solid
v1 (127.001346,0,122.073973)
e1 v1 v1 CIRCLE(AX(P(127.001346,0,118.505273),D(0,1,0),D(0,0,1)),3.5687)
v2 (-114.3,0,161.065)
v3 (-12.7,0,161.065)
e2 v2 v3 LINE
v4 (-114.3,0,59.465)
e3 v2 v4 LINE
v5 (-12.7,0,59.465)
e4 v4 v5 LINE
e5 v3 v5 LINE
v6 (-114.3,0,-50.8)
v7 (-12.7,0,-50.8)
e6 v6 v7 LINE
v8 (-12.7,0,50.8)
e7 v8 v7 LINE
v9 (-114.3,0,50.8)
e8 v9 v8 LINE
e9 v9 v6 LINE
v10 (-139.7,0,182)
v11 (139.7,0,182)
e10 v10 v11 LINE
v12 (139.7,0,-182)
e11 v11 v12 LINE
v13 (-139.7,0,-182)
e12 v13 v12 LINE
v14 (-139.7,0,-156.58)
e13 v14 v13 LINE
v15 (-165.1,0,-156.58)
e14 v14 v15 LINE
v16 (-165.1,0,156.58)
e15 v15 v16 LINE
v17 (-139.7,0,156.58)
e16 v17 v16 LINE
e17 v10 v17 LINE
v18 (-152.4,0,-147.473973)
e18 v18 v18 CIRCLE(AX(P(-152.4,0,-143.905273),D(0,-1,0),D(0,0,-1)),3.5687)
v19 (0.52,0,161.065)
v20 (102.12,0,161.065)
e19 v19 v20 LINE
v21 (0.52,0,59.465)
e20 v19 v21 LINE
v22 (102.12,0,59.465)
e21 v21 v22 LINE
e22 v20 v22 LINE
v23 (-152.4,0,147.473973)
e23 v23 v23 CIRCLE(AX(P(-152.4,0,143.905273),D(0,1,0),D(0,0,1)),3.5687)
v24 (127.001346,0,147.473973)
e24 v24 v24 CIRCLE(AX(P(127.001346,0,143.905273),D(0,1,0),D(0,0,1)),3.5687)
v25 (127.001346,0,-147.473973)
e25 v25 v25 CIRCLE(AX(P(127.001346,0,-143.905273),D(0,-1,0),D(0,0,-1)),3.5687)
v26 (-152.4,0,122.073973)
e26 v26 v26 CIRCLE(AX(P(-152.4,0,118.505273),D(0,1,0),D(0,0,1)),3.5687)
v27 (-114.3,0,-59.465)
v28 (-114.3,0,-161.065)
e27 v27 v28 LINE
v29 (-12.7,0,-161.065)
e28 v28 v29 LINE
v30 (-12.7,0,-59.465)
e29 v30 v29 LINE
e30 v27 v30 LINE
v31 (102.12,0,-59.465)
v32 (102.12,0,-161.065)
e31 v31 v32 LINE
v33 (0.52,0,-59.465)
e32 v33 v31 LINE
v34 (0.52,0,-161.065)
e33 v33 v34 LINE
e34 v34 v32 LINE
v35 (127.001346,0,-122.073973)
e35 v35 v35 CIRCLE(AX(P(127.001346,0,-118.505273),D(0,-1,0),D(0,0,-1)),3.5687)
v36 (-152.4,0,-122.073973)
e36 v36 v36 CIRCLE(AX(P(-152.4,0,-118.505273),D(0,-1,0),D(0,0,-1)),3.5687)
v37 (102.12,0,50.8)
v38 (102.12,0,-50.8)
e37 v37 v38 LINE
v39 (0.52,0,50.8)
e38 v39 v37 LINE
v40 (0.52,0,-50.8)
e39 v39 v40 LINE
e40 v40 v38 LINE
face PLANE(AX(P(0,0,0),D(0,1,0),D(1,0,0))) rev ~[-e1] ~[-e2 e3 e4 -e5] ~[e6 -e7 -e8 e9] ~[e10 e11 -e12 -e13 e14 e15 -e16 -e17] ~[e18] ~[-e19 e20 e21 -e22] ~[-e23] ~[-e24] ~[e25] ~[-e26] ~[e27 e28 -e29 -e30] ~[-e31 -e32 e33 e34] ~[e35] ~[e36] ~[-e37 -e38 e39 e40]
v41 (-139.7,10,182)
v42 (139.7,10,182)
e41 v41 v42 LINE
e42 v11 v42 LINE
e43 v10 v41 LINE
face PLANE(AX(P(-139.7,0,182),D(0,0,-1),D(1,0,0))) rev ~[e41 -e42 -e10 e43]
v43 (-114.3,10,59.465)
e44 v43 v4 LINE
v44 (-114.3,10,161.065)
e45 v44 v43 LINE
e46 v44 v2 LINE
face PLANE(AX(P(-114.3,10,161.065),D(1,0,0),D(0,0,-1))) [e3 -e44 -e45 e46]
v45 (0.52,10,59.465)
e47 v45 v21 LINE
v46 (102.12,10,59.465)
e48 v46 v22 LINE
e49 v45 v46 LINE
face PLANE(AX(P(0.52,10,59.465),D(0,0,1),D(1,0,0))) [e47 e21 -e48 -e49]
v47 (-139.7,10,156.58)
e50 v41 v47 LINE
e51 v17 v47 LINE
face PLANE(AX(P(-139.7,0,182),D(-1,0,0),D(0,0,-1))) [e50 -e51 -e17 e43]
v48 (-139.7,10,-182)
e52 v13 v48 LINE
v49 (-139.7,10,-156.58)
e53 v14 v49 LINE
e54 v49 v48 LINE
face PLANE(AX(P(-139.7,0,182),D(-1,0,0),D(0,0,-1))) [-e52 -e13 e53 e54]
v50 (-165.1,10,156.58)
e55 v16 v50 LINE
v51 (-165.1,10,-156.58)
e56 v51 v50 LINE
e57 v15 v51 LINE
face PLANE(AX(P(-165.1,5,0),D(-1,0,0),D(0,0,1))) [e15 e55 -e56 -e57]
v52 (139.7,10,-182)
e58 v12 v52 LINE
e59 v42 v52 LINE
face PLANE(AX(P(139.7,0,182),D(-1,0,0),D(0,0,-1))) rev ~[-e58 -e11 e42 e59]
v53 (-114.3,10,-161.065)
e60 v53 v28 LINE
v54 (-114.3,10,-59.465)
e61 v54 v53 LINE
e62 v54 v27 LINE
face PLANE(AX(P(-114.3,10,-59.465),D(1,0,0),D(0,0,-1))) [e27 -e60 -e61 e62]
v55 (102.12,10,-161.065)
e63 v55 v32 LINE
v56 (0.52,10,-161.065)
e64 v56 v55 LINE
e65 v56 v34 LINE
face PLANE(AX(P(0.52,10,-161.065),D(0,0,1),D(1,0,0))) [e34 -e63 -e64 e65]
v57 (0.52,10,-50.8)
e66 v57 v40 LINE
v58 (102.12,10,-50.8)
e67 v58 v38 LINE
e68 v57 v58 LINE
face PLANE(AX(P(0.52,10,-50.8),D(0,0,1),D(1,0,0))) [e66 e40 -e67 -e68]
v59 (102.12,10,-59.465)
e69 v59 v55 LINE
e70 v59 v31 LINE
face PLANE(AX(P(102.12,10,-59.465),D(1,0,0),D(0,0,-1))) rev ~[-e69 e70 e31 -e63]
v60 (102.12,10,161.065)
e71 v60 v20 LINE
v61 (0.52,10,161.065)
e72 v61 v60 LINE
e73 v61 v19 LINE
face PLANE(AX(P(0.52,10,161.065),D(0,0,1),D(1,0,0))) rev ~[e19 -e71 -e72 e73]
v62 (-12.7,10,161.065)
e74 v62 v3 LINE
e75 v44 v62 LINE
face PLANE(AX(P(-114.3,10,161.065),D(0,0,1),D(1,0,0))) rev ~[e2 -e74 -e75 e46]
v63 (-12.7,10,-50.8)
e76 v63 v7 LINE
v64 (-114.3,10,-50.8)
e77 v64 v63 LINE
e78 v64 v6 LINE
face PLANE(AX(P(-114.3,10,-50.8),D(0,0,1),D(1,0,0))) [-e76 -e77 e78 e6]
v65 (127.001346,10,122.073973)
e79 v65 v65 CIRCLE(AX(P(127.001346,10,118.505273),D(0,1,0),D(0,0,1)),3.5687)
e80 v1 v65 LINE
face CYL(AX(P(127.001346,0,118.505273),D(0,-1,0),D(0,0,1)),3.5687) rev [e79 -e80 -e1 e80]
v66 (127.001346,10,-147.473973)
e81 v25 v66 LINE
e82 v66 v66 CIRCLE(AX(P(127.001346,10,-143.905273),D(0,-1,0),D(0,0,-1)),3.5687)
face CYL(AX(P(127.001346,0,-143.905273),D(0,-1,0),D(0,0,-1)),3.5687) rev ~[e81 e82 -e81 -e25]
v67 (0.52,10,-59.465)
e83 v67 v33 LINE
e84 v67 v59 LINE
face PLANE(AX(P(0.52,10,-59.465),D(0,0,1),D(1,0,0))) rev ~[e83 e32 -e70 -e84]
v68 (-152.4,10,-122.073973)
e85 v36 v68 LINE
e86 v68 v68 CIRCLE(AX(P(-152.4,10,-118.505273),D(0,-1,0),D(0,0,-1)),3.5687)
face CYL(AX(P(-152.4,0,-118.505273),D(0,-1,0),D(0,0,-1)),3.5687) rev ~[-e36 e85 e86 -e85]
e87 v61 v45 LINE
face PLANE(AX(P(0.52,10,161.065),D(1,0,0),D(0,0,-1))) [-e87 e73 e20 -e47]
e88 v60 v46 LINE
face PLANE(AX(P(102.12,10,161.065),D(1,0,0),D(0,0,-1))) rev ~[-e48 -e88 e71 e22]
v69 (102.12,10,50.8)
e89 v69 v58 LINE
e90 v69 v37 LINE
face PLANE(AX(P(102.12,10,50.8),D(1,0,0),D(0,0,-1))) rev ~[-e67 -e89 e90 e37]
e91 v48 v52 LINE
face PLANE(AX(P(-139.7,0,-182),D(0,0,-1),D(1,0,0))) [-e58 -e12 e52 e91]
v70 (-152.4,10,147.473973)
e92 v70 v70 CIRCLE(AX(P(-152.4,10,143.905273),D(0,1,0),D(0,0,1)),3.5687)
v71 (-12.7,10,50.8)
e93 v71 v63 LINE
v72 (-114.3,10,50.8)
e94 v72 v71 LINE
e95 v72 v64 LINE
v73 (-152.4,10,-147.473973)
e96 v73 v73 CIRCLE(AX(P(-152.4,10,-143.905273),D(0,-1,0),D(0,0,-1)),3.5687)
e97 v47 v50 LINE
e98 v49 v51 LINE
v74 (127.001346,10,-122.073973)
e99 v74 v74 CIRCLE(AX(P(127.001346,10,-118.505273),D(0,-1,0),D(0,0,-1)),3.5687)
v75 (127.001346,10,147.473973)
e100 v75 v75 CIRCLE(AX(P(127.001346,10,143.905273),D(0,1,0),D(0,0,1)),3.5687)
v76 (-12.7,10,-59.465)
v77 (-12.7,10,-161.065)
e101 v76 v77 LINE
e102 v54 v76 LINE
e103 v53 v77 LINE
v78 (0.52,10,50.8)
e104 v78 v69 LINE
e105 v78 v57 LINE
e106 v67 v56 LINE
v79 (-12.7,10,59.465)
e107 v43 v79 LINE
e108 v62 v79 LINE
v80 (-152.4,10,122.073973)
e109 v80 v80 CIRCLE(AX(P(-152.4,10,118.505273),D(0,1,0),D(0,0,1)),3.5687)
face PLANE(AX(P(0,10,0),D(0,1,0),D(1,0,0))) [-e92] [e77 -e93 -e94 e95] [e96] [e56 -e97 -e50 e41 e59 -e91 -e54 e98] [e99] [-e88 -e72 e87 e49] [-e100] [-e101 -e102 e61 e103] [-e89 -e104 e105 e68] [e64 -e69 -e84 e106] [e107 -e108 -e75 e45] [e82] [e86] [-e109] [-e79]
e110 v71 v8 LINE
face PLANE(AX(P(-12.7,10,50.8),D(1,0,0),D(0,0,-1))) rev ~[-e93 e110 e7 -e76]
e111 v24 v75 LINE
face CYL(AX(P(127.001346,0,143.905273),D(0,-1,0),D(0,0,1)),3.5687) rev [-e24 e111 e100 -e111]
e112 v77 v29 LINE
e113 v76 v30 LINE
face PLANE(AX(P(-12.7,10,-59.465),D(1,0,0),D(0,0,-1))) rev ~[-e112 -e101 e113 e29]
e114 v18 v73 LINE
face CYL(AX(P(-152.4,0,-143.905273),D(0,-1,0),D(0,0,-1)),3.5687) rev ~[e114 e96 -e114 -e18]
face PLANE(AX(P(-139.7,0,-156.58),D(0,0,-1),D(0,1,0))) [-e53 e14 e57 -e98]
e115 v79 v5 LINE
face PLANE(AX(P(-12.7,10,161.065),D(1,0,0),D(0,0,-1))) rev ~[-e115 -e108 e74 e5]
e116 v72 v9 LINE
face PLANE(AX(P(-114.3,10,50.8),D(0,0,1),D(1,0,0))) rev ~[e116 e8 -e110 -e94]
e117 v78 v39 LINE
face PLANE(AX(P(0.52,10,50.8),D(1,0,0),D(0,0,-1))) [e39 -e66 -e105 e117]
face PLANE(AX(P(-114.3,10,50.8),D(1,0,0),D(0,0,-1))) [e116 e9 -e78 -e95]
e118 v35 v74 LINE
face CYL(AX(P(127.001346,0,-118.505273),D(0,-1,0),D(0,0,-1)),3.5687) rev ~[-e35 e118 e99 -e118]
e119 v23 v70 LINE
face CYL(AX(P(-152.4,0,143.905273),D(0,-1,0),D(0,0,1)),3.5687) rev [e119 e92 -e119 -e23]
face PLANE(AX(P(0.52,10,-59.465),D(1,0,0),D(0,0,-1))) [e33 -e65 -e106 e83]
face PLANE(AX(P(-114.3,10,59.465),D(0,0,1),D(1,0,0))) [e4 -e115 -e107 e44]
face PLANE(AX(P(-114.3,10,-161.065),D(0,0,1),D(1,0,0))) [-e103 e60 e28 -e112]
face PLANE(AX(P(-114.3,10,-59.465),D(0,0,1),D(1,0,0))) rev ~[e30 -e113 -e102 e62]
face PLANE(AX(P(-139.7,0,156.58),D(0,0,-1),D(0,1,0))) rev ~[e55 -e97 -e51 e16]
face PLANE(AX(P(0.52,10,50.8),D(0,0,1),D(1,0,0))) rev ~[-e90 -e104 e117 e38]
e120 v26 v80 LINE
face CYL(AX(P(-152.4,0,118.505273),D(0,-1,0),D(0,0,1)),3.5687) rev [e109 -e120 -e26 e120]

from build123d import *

# Parameters (mm, degrees)
SKETCH1_W                 = 279.4
SKETCH1_H                 = 364
BOSS_EXTRUDE1_DEPTH       = 10
SKETCH2_W                 = 101.6
SKETCH2_H                 = 101.6
CUT_EXTRUDE1_DEPTH        = 230.652106457
LPATTERN1_COUNT           = 2
LPATTERN1_PITCH           = 110.265
LPATTERN2_COUNT           = 2
LPATTERN2_PITCH           = 110.265
LPATTERN3_COUNT           = 2
LPATTERN3_PITCH           = 114.82
LPATTERN3_COPY_1_SKETCH_W = 101.6
LPATTERN3_COPY_1_SKETCH_H = 101.6
LPATTERN3_COPY_1_DEPTH    = 230.652106457
LPATTERN3_COPY_2_SKETCH_W = 101.6
LPATTERN3_COPY_2_SKETCH_H = 101.6
LPATTERN3_COPY_2_DEPTH    = 230.652106457
SKETCH3_W                 = 313.16
SKETCH3_H                 = 10
BOSS_EXTRUDE2_DEPTH       = 25.4
SKETCH4_R                 = 3.5687
CUT_EXTRUDE2_DEPTH        = 10


with BuildPart() as part:
    # Sketch1 → Boss-Extrude1 (new body)
    with BuildSketch(Plane(origin=(0, 0, 0), x_dir=(1, 0, 0), z_dir=(0, 1, 0))):
        Rectangle(SKETCH1_W, SKETCH1_H)
    extrude(amount=BOSS_EXTRUDE1_DEPTH)

    # Sketch2 → Cut-Extrude1 (cut, through all)
    with BuildSketch(Plane(origin=(0, 10, 0), x_dir=(1, 0, 0), z_dir=(0, 1, 0))):
        with Locations((-63.5, 0)):
            Rectangle(SKETCH2_W, SKETCH2_H)
    cut_extrude1 = extrude(amount=-CUT_EXTRUDE1_DEPTH, mode=Mode.SUBTRACT)

    # LPattern1: Cut-Extrude1 ×2
    with Locations(*[(0, 0, -i * LPATTERN1_PITCH) for i in range(1, LPATTERN1_COUNT)]):
        add(cut_extrude1, mode=Mode.SUBTRACT)

    # LPattern2: Cut-Extrude1 ×2
    with Locations(*[(0, 0, i * LPATTERN2_PITCH) for i in range(1, LPATTERN2_COUNT)]):
        add(cut_extrude1, mode=Mode.SUBTRACT)

    # LPattern3: Cut-Extrude1 ×2
    with Locations(*[(i * LPATTERN3_PITCH, 0, 0) for i in range(1, LPATTERN3_COUNT)]):
        add(cut_extrude1, mode=Mode.SUBTRACT)

    # LPattern3 copy 1 sketch → LPattern3 copy 1 (cut, through all)
    with BuildSketch(Plane(origin=(114.82, 10, -110.265), x_dir=(1, 0, 0), z_dir=(0, 1, 0))):
        with Locations((-63.5, 0)):
            Rectangle(LPATTERN3_COPY_1_SKETCH_W, LPATTERN3_COPY_1_SKETCH_H)
    extrude(amount=-LPATTERN3_COPY_1_DEPTH, mode=Mode.SUBTRACT)

    # LPattern3 copy 2 sketch → LPattern3 copy 2 (cut, through all)
    with BuildSketch(Plane(origin=(114.82, 10, 110.265), x_dir=(1, 0, 0), z_dir=(0, 1, 0))):
        with Locations((-63.5, 0)):
            Rectangle(LPATTERN3_COPY_2_SKETCH_W, LPATTERN3_COPY_2_SKETCH_H)
    extrude(amount=-LPATTERN3_COPY_2_DEPTH, mode=Mode.SUBTRACT)

    # Sketch3 → Boss-Extrude2 (add)
    with BuildSketch(Plane.ZY.offset(139.7)):
        with Locations((0, 5)):
            Rectangle(SKETCH3_W, SKETCH3_H)
    extrude(amount=BOSS_EXTRUDE2_DEPTH)

    # Sketch4 → Cut-Extrude2 (cut)
    with BuildSketch(Plane.XZ):
        with Locations(Location((127.00134615, -118.505273154, 0), (0, 0, 270))):
            Circle(SKETCH4_R)
        with Locations(Location((127.00134615, -143.905273154, 0), (0, 0, 270))):
            Circle(SKETCH4_R)
        with Locations(Location((-152.4, -118.505273154, 0), (0, 0, 270))):
            Circle(SKETCH4_R)
        with Locations(Location((-152.4, -143.905273154, 0), (0, 0, 270))):
            Circle(SKETCH4_R)
    cut_extrude2 = extrude(amount=-CUT_EXTRUDE2_DEPTH, mode=Mode.SUBTRACT)

    # Mirror1: Cut-Extrude2 across plane
    add(cut_extrude2.mirror(Plane.XY), mode=Mode.SUBTRACT)


solid = part.part
